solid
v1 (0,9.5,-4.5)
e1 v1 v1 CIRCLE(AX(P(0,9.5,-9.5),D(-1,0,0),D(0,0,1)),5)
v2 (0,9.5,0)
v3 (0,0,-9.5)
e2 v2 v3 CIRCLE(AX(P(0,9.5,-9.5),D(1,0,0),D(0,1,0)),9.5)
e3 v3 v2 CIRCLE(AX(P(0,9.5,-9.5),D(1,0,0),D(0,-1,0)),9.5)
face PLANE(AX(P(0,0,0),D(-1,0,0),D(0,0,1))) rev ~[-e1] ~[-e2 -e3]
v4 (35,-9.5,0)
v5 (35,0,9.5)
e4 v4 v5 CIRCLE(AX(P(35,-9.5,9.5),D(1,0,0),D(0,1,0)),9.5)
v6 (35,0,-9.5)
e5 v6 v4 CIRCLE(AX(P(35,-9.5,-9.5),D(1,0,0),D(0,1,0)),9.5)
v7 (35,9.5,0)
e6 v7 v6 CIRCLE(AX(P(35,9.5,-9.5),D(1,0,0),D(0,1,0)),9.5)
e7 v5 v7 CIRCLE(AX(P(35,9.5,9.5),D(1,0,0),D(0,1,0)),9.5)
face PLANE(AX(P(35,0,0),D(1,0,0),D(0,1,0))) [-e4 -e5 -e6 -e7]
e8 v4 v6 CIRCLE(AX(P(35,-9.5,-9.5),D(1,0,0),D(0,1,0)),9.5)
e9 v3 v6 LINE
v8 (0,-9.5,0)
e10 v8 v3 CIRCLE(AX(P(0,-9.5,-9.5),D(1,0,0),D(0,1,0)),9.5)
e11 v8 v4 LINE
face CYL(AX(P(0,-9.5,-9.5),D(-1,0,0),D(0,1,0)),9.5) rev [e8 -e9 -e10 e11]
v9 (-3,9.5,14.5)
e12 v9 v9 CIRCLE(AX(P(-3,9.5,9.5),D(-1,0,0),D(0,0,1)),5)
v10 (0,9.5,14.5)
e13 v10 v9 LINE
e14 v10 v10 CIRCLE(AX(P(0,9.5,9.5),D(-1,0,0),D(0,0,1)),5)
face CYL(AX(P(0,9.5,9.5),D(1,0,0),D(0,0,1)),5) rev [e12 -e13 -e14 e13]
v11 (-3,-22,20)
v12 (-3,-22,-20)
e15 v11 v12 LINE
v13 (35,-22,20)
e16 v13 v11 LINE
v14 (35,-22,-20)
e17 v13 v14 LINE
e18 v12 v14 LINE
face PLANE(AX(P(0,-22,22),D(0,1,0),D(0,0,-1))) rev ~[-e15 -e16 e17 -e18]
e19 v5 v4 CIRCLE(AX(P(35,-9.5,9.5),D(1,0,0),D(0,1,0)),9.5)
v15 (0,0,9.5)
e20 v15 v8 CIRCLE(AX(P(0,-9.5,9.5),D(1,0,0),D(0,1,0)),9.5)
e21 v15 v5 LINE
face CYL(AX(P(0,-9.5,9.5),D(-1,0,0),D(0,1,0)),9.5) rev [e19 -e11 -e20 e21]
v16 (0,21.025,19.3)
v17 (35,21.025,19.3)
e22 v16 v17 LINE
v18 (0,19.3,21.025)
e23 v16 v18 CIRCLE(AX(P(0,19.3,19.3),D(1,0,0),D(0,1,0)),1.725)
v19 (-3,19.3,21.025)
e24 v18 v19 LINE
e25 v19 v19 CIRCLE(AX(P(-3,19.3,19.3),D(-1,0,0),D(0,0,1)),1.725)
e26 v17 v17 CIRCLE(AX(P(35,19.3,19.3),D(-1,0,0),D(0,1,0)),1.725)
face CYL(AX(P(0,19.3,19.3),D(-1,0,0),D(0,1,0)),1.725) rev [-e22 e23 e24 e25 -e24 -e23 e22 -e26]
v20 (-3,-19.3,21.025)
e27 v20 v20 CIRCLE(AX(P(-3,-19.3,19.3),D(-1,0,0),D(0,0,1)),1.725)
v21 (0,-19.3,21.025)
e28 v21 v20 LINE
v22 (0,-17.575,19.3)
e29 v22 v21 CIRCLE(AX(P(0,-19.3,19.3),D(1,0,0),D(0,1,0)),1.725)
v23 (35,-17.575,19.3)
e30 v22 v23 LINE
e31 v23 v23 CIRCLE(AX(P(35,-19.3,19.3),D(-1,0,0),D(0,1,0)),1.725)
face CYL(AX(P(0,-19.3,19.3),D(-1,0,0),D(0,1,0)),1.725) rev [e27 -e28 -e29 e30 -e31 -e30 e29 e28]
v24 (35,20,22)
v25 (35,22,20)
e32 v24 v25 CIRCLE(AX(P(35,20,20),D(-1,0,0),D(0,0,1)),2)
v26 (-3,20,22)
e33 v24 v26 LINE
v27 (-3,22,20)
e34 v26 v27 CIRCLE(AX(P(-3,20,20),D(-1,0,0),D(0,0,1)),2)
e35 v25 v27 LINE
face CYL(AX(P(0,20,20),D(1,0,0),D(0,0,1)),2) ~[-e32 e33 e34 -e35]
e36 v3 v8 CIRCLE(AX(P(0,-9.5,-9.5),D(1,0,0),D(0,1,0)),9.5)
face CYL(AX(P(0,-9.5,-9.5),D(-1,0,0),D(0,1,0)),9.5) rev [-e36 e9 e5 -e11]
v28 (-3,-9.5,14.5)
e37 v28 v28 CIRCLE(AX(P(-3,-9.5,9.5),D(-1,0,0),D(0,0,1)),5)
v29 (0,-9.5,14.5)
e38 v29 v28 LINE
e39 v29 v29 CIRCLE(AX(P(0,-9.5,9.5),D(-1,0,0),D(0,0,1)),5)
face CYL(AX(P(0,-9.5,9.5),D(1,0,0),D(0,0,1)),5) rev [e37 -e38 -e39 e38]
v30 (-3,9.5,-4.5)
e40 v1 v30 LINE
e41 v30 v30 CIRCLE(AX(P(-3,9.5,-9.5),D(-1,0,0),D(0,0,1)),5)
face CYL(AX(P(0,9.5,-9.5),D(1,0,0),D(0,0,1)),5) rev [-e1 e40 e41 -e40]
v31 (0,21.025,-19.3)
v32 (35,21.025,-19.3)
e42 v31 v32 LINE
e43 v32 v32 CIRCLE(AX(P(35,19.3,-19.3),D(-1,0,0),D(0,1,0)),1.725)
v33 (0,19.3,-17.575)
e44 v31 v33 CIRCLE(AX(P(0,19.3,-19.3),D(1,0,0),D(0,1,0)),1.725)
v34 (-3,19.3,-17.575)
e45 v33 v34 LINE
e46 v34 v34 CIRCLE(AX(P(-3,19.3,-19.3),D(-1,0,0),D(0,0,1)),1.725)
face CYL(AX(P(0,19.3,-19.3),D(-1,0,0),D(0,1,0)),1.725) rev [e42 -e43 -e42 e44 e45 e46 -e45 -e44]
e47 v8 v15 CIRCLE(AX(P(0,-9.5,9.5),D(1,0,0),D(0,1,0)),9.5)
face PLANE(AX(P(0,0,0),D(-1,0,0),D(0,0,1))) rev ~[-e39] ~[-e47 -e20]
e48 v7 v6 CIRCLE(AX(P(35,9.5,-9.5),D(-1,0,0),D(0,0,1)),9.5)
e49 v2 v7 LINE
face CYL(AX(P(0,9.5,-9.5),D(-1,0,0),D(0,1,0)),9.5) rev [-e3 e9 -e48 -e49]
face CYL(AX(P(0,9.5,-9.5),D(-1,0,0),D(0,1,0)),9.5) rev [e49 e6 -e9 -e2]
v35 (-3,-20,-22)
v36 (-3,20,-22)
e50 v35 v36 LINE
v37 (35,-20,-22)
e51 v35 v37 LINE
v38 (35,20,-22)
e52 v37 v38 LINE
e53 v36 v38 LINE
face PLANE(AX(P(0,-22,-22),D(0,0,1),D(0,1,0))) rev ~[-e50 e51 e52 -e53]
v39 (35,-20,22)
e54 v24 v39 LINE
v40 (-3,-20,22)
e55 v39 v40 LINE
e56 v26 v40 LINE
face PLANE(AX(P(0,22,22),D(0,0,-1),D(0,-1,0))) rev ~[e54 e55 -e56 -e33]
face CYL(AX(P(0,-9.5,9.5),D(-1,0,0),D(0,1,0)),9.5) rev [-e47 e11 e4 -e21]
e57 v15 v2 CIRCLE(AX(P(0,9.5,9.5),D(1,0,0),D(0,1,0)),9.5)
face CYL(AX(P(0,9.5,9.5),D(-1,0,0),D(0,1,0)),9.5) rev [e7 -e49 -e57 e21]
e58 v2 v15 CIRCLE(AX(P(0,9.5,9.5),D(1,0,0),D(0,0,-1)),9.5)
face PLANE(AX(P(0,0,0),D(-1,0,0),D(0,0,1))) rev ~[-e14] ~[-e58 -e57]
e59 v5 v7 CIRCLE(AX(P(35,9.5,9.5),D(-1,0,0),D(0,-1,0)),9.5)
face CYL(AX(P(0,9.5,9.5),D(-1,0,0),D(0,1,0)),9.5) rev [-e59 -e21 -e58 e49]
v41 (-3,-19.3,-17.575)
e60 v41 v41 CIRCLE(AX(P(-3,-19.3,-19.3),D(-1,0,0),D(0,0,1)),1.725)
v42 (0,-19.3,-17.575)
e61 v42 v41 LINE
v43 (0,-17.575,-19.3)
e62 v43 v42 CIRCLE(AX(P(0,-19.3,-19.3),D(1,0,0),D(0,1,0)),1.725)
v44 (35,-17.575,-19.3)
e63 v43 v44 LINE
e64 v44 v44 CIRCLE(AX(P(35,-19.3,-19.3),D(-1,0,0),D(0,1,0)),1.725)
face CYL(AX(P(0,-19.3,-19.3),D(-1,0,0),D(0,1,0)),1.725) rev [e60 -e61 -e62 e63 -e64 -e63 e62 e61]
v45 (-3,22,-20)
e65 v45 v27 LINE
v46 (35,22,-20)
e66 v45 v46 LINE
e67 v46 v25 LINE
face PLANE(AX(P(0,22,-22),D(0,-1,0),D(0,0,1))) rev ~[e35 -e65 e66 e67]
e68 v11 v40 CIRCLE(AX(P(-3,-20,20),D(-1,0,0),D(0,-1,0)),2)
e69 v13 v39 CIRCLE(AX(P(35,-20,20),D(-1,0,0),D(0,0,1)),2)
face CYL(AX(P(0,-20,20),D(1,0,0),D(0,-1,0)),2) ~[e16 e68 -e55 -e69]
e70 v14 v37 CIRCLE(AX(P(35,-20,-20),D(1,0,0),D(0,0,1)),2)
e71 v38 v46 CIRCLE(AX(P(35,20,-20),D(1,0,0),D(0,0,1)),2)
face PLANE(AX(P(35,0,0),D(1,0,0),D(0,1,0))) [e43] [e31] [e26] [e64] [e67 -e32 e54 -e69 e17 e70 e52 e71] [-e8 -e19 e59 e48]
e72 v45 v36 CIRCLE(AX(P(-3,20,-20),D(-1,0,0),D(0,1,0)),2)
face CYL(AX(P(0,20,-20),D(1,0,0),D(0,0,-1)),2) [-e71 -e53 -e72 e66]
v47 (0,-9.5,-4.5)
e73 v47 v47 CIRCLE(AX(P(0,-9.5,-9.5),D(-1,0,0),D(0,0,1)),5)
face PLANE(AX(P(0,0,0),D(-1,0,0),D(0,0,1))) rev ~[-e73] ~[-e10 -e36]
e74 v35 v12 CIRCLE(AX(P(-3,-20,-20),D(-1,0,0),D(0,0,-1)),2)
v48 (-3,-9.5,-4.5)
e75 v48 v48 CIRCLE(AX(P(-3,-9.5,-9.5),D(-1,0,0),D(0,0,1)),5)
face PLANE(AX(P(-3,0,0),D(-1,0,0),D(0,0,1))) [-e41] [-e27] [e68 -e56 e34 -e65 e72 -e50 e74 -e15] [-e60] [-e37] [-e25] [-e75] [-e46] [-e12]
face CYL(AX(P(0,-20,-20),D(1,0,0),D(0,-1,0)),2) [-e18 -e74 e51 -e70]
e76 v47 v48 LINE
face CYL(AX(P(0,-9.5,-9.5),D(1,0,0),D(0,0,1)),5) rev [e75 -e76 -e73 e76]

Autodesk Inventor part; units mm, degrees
ref_plane "YZ Plane" through (0, 0, 0) normal (1, 0, 0) x (0, 1, 0)
ref_plane "XZ Plane" through (0, 0, 0) normal (0, 1, 0) x (-1, 0, 0)
ref_plane "XY Plane" through (0, 0, 0) normal (0, 0, 1) x (1, 0, 0)
sketch "Sketch1" plane through (0, 0, 0) normal (1, 0, 0) x (0, 1, 0)
  line L0 (-22, -22) -> (22, -22)
  line L1 (22, -22) -> (22, 22)
  line L2 (22, 22) -> (-22, 22)
  line L3 (-22, 22) -> (-22, -22)
  line L4 (-22, -22) -> (22, 22) construction
  line L5 (22, -22) -> (-22, 22) construction
  line L6 (-19.3, -19.3) -> (19.3, -19.3)
  line L7 (19.3, -19.3) -> (19.3, 19.3)
  line L8 (19.3, 19.3) -> (-19.3, 19.3)
  line L9 (-19.3, 19.3) -> (-19.3, -19.3)
  line L10 (-19.3, -19.3) -> (19.3, 19.3) construction
  line L11 (19.3, -19.3) -> (-19.3, 19.3) construction
  circle A0 centre (19.3, 19.3) radius 1.725
  circle A1 centre (19.3, -19.3) radius 1.725
  circle A2 centre (-19.3, -19.3) radius 1.725
  circle A3 centre (-19.3, 19.3) radius 1.725
  circle A4 centre (9.5, 9.5) radius 9.5
  circle A5 centre (9.5, -9.5) radius 9.5
  circle A6 centre (-9.5, -9.5) radius 9.5
  circle A7 centre (-9.5, 9.5) radius 9.5
  point P0 (0, 0)
  point P1 (0, 0)
  point P2 (0, 0)
  point P3 (-9.5, 0)
  point P4 (0, 9.5)
  point P5 (9.5, 0)
  point P6 (0, -9.5)
  dimension "d4" = 44
  dimension "d5" = 44
  dimension "d6" = 38.6
  dimension "d7" = 3.45
  dimension "d8" = 3.45
  dimension "d9" = 3.45
  dimension "d10" = 3.45
  dimension "d24" = 19
  dimension "d25" = 19
  dimension "d26" = 19
  dimension "d27" = 19
extrude "Extrusion1" add sketch "Sketch1" along normal blind 35 contours L3 L2 L1 L0 | A2 L9 A3 L8 A0 L7 A1 L6 | A4 A5 A6 A7
fillet "Fillet1" radius 2 4 edges at (17.5, -22, 22) (17.5, -22, -22) (17.5, 22, 22) (17.5, 22, -22)
sketch "Sketch3" plane through (0, 0, 0) normal (-1, 0, 0) x (0, 0, 1)
  circle A0 centre (19.3, 19.3) radius 1.725 projected
  arc A1 (0, -9.5) -> (9.5, 0) centre (9.5, -9.5) ccw projected
  arc A2 (-9.5, 0) -> (0, -9.5) centre (-9.5, -9.5) ccw projected
  arc A3 (0, 9.5) -> (-9.5, 0) centre (-9.5, 9.5) ccw projected
  arc A4 (9.5, 0) -> (0, 9.5) centre (9.5, 9.5) ccw projected
  circle A5 centre (-19.3, 19.3) radius 1.725 projected
  circle A6 centre (-19.3, -19.3) radius 1.725 projected
  circle A7 centre (19.3, -19.3) radius 1.725 projected
  arc A8 (22, 20) -> (20, 22) centre (20, 20) ccw projected
  line L0 (-20, 22) -> (20, 22) projected
  line L1 (-22, -20) -> (-22, 20) projected
  arc A9 (-22, -20) -> (-20, -22) centre (-20, -20) ccw projected
  line L2 (20, -22) -> (-20, -22) projected
  arc A10 (20, -22) -> (22, -20) centre (20, -20) ccw projected
  line L3 (22, 20) -> (22, -20) projected
  circle A11 centre (9.5, -9.5) radius 5
  circle A12 centre (-9.5, -9.5) radius 5
  circle A13 centre (-9.5, 9.5) radius 5
  circle A14 centre (9.5, 9.5) radius 5
  arc A15 (-20, 22) -> (-22, 20) centre (-20, 20) ccw projected
  point P0 (0, 0)
  dimension "d28" = 10
  dimension "d29" = 10
  dimension "d30" = 10
  dimension "d31" = 10
extrude "Extrusion3" add sketch "Sketch3" along normal blind 3 contours A2 A3 A4 A1 | L3 A10 L2 A9 L1 A15 L0 A8
properties part number "BatteryHolder" material "ABS Plastic"
